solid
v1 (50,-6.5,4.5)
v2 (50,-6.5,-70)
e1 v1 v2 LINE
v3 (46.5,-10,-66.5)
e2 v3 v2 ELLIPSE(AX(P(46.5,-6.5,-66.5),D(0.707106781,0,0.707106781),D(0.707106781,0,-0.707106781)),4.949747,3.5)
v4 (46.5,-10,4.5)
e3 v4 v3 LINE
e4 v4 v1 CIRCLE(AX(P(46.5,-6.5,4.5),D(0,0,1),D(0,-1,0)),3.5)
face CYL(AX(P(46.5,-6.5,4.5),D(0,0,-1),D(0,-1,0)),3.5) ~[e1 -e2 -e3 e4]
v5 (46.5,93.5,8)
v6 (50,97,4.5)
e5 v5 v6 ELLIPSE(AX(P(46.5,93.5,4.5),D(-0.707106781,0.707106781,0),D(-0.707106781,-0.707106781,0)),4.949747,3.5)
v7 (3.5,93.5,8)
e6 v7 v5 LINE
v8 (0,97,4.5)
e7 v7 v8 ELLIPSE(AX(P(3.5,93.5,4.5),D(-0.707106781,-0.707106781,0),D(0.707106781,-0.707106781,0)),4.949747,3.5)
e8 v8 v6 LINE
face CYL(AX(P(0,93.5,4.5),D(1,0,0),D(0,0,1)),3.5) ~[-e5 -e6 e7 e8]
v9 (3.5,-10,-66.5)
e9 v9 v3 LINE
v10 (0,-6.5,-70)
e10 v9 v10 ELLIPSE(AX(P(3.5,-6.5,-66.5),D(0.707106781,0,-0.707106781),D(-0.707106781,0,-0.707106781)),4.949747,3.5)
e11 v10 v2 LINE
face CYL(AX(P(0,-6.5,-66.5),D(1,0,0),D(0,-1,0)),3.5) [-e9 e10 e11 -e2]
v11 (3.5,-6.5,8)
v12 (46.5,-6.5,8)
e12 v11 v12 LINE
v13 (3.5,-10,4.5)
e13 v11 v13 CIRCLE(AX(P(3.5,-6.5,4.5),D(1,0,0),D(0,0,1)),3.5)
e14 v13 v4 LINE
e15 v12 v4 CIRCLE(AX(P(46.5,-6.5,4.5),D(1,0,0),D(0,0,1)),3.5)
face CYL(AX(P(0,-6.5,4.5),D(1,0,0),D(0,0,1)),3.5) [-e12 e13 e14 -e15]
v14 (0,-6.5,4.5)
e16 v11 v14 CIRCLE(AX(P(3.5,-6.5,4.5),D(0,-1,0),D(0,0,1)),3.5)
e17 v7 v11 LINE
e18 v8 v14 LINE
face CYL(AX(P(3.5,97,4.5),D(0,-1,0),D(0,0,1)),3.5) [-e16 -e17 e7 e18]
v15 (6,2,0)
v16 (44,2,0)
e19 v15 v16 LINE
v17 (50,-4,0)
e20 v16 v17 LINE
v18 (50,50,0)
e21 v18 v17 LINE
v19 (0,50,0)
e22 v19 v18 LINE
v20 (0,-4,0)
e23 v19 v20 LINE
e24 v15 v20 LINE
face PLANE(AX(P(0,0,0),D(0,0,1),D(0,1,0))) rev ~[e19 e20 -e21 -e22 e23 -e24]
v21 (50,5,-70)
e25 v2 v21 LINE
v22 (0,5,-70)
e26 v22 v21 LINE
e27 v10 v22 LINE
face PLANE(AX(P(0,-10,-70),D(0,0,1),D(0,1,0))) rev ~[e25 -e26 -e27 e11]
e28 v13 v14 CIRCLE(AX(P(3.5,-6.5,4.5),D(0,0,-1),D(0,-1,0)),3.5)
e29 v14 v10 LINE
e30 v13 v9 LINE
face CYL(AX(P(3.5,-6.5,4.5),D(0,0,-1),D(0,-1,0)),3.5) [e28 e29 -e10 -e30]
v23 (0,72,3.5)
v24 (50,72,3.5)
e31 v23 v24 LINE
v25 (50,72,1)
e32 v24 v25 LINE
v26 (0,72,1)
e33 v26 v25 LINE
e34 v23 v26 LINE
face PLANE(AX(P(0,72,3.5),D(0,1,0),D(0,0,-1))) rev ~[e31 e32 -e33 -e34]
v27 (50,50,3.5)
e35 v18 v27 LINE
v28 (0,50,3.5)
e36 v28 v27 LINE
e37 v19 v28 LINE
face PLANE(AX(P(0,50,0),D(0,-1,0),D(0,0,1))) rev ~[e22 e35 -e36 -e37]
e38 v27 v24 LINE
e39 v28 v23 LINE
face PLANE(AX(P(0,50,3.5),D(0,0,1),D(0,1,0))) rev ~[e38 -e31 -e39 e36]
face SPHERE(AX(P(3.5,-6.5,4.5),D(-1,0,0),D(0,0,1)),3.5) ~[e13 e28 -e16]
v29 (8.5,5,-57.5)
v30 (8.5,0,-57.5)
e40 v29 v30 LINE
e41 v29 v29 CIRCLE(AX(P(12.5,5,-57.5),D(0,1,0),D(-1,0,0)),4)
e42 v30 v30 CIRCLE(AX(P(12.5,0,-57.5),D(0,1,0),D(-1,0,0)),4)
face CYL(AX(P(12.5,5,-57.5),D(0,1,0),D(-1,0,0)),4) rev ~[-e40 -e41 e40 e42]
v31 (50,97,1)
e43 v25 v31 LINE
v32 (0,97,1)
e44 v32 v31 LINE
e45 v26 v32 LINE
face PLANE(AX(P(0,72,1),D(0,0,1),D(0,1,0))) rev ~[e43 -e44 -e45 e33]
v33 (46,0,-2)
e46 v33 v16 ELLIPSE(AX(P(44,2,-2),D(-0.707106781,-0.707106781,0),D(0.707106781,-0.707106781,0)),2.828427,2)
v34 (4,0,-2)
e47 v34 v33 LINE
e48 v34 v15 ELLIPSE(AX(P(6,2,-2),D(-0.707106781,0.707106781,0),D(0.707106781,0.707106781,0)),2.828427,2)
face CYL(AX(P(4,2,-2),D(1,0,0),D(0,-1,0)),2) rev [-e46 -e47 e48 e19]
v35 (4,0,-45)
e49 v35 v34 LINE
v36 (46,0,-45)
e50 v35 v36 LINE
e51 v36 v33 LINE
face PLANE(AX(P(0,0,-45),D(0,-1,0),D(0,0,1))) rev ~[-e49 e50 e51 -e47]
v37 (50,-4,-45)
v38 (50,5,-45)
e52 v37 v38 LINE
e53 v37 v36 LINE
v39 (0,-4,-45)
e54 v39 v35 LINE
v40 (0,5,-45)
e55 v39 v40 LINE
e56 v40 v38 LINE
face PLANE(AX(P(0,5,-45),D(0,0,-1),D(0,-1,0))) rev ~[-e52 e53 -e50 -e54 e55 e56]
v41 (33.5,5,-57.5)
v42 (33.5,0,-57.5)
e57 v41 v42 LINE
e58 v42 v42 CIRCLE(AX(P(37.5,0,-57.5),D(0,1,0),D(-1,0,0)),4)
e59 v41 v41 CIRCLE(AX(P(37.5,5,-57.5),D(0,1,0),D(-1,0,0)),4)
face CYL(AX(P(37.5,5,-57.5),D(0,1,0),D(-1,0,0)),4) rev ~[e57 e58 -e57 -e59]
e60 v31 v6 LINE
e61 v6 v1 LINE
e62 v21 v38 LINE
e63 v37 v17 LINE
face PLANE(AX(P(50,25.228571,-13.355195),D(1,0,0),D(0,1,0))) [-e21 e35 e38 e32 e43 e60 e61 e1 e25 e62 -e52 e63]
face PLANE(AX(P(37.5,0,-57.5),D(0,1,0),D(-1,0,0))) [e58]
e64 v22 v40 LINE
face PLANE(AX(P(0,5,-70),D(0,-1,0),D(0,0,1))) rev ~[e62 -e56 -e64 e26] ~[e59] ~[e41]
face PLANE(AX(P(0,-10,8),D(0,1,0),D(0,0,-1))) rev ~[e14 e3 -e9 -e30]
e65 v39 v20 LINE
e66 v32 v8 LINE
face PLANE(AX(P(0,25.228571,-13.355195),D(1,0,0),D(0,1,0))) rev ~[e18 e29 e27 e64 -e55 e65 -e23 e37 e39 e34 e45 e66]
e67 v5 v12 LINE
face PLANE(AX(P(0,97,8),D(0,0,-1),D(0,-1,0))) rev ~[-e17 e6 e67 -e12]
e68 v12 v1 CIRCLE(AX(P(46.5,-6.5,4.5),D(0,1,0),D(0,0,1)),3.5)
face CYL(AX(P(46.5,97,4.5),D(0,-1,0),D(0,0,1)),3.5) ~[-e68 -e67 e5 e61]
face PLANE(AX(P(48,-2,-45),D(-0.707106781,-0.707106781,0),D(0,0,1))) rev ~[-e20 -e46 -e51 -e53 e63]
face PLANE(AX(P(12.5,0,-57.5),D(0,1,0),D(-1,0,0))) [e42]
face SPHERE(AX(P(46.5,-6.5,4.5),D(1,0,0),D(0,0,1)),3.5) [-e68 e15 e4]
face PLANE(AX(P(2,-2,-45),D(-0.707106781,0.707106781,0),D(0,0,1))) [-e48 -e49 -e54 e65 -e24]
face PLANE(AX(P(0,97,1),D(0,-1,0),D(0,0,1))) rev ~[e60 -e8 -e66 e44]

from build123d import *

# Parameters (mm, degrees)
F1_DEPTH = 50
F2_R     = 3.5
F3_R     = 3.5
F4_R     = 4
F5_DEPTH = 5
F6_SIZE  = 4
F7_R     = 2


with BuildPart() as f1:
    # F0 (on Right) → F1 (new body)
    with BuildSketch(Plane.YZ):
        Polygon((97, 8), (-10, 8), (-10, -70), (5, -70), (5, -45), (0, -45), (0, 0), (50, 0), (50, 3.5), (72, 3.5), (72, 1), (97, 1), align=None)
    extrude(amount=F1_DEPTH)

    # F2
    f2_edges = [f1.edges().sort_by_distance(p)[0] for p in [
        (25, -10, 8),
    ]]
    fillet(f2_edges, radius=F2_R)

    # F3
    f3_edges = [f1.edges().sort_by_distance(p)[0] for p in [
        (50, 45.25, 8),
        (25, 97, 8),
        (0, 45.25, 8),
        (25, -10, -70),
    ]]
    fillet(f3_edges, radius=F3_R)

    # F4 (on face) → F5 (cut)
    with BuildSketch(Plane(origin=(0, 5, 0), x_dir=(-1, 0, 0), z_dir=(0, 1, 0))):
        with Locations((-37.5, -57.5)):
            Circle(F4_R)
        with Locations((-12.5, -57.5)):
            Circle(F4_R)
    extrude(amount=-F5_DEPTH, mode=Mode.SUBTRACT)

    # F6
    f6_edges = [f1.edges().sort_by_distance(p)[0] for p in [
        (50, 0, -22.5),
        (0, 0, -22.5),
    ]]
    chamfer(f6_edges, length=F6_SIZE)

    # F7
    f7_edges = [f1.edges().sort_by_distance(p)[0] for p in [
        (25, 0, 0),
    ]]
    fillet(f7_edges, radius=F7_R)


solid = f1.part
